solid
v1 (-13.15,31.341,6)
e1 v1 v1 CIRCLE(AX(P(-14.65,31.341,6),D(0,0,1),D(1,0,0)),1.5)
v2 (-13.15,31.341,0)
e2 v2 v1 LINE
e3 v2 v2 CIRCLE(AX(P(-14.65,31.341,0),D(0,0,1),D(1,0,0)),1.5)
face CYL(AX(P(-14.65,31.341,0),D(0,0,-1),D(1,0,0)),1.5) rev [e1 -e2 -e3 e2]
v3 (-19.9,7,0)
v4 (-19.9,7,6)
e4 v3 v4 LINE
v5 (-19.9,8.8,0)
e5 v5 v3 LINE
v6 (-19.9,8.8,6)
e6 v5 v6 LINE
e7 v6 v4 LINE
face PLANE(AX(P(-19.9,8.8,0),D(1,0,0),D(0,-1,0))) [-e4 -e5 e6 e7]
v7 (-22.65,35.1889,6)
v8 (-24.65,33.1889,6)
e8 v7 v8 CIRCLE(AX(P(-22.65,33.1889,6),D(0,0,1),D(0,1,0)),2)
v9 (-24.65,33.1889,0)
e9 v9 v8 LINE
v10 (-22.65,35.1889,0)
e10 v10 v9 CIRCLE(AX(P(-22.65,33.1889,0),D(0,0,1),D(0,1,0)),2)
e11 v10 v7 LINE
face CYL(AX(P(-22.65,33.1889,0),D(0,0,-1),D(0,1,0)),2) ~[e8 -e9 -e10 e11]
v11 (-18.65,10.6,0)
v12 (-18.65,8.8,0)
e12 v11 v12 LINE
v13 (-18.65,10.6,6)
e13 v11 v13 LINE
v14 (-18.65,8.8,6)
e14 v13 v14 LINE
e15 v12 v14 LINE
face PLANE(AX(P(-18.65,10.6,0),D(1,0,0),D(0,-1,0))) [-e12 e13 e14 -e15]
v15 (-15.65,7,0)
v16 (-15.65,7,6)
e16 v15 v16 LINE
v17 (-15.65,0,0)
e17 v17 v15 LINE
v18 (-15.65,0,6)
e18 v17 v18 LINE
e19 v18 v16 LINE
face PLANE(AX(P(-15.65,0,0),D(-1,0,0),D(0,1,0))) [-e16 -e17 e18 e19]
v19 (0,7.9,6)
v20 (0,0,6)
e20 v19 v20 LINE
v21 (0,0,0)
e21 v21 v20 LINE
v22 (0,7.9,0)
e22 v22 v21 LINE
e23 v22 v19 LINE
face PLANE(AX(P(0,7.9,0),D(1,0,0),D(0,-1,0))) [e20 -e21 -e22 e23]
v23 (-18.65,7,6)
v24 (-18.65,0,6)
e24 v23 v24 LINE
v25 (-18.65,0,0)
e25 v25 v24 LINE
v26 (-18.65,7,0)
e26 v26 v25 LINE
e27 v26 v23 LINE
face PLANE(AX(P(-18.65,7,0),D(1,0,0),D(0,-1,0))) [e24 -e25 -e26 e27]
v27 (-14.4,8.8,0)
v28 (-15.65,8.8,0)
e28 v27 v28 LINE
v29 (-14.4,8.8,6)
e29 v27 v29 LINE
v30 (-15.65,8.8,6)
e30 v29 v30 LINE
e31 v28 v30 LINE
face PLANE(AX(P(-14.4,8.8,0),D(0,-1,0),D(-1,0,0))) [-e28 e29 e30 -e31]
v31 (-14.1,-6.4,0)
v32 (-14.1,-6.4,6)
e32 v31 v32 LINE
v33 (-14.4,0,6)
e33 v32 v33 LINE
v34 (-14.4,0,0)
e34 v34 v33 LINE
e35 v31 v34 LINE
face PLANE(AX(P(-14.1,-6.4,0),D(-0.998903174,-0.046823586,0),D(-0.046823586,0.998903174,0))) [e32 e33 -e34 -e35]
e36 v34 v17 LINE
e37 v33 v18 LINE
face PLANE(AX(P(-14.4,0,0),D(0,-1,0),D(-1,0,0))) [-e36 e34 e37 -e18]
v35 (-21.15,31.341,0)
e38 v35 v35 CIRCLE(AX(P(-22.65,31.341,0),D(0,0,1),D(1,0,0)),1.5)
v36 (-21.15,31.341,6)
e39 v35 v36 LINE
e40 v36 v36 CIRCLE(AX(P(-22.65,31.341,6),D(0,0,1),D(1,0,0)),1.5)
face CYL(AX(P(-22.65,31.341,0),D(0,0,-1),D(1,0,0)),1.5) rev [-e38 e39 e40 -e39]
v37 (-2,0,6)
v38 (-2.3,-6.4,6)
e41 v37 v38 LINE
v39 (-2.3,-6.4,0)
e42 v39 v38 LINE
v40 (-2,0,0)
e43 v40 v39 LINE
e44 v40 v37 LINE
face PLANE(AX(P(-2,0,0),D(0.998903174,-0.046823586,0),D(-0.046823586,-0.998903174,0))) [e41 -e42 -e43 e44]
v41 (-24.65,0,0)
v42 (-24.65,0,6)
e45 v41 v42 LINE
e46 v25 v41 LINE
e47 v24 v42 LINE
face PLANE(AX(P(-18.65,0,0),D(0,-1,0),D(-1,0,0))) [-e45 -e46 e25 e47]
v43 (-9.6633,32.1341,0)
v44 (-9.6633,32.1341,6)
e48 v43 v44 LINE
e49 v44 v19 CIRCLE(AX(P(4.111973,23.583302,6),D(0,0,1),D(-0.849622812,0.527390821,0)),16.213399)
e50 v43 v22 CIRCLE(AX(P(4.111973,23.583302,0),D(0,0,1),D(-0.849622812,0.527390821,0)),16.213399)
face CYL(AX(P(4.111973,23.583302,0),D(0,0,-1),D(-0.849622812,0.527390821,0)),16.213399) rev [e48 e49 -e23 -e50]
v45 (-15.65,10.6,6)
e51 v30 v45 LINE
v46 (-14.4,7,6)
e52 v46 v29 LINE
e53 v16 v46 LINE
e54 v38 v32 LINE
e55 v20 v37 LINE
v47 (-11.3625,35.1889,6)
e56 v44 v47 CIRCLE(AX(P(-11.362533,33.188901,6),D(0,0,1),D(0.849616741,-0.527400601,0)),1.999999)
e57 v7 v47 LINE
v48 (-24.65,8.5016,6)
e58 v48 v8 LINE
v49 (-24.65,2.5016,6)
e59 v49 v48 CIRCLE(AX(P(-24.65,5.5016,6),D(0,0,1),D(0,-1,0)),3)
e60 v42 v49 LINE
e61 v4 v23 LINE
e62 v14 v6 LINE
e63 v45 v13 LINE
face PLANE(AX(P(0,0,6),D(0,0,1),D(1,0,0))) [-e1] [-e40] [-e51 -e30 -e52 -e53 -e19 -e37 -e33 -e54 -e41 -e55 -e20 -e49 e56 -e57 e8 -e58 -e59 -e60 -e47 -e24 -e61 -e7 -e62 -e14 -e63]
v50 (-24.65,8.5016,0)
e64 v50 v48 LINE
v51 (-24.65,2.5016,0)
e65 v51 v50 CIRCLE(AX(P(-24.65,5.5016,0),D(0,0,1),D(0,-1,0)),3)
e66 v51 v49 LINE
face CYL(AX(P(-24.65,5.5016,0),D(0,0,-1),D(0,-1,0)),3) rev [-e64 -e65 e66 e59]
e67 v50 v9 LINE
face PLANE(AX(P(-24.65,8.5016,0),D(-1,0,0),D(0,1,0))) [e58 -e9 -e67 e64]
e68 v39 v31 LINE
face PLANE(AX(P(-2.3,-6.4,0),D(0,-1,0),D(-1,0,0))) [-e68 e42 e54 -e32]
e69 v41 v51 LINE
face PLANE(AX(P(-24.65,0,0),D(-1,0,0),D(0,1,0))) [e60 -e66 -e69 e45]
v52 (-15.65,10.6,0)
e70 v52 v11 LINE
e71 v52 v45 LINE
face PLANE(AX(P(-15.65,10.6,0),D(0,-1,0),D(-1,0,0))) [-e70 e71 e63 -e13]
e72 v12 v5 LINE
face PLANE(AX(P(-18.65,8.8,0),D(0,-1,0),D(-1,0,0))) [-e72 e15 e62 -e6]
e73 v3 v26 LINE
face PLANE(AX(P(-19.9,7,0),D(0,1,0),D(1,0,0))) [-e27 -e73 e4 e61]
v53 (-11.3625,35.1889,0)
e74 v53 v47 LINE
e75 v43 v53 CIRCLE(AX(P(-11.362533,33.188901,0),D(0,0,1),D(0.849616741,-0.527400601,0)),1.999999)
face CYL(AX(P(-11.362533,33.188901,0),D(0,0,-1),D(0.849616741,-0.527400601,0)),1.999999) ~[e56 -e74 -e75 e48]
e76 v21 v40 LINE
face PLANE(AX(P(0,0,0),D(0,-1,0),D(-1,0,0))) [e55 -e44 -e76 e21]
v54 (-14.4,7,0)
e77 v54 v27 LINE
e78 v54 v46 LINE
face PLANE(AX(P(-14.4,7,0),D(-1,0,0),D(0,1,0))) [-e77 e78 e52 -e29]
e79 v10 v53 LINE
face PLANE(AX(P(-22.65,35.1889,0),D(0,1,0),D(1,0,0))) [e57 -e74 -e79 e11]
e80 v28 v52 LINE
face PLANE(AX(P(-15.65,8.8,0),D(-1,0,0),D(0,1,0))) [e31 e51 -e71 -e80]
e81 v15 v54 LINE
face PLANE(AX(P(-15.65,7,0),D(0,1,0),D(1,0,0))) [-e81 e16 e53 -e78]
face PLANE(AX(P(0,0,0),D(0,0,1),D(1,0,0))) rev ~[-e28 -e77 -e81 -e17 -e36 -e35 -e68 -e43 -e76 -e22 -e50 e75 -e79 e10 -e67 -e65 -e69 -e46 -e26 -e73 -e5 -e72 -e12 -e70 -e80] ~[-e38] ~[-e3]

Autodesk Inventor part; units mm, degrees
ref_plane "YZ Plane" through (0, 0, 0) normal (1, 0, 0) x (0, 1, 0)
ref_plane "XZ Plane" through (0, 0, 0) normal (0, 1, 0) x (-1, 0, 0)
ref_plane "XY Plane" through (0, 0, 0) normal (0, 0, 1) x (1, 0, 0)
sketch "Sketch1" plane through (0, 0, 0) normal (0, 0, 1) x (1, 0, 0)
  arc A0 (-22.65, 35.1889) -> (-24.65, 33.1889) centre (-22.65, 33.1889) ccw
  line L0 (-24.65, 8.5016) -> (-24.65, 33.1889)
  arc A1 (-24.65, 2.5016) -> (-24.65, 8.5016) centre (-24.65, 5.5016) ccw
  line L1 (-24.65, 0) -> (-24.65, 2.5016)
  line L2 (-18.65, 0) -> (-24.65, 0)
  line L3 (-18.65, 7) -> (-18.65, 0)
  line L4 (-19.9, 7) -> (-18.65, 7)
  line L5 (-19.9, 8.8) -> (-19.9, 7)
  line L6 (-18.65, 8.8) -> (-19.9, 8.8)
  line L7 (-18.65, 10.6) -> (-18.65, 8.8)
  line L8 (-15.65, 10.6) -> (-18.65, 10.6)
  line L9 (-15.65, 8.8) -> (-15.65, 10.6)
  line L10 (-14.4, 8.8) -> (-15.65, 8.8)
  line L11 (-14.4, 7) -> (-14.4, 8.8)
  line L12 (-15.65, 7) -> (-14.4, 7)
  line L13 (-15.65, 0) -> (-15.65, 7)
  line L14 (-14.4, 0) -> (-15.65, 0)
  line L15 (-14.1, -6.4) -> (-14.4, 0)
  line L16 (-2.3, -6.4) -> (-14.1, -6.4)
  line L17 (-2, 0) -> (-2.3, -6.4)
  line L18 (0, 0) -> (-2, 0)
  line L19 (0, 7.9) -> (0, 0)
  arc A2 (-9.6633, 32.1341) -> (0, 7.9) centre (4.112, 23.5833) ccw
  arc A3 (-9.6633, 32.1341) -> (-11.3625, 35.1889) centre (-11.3625, 33.1889) ccw
  line L20 (-22.65, 35.1889) -> (-11.3625, 35.1889)
  circle A4 centre (-14.65, 31.341) radius 1.5
  circle A5 centre (-22.65, 31.341) radius 1.5
extrude "Extrusion1" add sketch "Sketch1" along normal blind 6
properties part number "yCarWireHolder"
